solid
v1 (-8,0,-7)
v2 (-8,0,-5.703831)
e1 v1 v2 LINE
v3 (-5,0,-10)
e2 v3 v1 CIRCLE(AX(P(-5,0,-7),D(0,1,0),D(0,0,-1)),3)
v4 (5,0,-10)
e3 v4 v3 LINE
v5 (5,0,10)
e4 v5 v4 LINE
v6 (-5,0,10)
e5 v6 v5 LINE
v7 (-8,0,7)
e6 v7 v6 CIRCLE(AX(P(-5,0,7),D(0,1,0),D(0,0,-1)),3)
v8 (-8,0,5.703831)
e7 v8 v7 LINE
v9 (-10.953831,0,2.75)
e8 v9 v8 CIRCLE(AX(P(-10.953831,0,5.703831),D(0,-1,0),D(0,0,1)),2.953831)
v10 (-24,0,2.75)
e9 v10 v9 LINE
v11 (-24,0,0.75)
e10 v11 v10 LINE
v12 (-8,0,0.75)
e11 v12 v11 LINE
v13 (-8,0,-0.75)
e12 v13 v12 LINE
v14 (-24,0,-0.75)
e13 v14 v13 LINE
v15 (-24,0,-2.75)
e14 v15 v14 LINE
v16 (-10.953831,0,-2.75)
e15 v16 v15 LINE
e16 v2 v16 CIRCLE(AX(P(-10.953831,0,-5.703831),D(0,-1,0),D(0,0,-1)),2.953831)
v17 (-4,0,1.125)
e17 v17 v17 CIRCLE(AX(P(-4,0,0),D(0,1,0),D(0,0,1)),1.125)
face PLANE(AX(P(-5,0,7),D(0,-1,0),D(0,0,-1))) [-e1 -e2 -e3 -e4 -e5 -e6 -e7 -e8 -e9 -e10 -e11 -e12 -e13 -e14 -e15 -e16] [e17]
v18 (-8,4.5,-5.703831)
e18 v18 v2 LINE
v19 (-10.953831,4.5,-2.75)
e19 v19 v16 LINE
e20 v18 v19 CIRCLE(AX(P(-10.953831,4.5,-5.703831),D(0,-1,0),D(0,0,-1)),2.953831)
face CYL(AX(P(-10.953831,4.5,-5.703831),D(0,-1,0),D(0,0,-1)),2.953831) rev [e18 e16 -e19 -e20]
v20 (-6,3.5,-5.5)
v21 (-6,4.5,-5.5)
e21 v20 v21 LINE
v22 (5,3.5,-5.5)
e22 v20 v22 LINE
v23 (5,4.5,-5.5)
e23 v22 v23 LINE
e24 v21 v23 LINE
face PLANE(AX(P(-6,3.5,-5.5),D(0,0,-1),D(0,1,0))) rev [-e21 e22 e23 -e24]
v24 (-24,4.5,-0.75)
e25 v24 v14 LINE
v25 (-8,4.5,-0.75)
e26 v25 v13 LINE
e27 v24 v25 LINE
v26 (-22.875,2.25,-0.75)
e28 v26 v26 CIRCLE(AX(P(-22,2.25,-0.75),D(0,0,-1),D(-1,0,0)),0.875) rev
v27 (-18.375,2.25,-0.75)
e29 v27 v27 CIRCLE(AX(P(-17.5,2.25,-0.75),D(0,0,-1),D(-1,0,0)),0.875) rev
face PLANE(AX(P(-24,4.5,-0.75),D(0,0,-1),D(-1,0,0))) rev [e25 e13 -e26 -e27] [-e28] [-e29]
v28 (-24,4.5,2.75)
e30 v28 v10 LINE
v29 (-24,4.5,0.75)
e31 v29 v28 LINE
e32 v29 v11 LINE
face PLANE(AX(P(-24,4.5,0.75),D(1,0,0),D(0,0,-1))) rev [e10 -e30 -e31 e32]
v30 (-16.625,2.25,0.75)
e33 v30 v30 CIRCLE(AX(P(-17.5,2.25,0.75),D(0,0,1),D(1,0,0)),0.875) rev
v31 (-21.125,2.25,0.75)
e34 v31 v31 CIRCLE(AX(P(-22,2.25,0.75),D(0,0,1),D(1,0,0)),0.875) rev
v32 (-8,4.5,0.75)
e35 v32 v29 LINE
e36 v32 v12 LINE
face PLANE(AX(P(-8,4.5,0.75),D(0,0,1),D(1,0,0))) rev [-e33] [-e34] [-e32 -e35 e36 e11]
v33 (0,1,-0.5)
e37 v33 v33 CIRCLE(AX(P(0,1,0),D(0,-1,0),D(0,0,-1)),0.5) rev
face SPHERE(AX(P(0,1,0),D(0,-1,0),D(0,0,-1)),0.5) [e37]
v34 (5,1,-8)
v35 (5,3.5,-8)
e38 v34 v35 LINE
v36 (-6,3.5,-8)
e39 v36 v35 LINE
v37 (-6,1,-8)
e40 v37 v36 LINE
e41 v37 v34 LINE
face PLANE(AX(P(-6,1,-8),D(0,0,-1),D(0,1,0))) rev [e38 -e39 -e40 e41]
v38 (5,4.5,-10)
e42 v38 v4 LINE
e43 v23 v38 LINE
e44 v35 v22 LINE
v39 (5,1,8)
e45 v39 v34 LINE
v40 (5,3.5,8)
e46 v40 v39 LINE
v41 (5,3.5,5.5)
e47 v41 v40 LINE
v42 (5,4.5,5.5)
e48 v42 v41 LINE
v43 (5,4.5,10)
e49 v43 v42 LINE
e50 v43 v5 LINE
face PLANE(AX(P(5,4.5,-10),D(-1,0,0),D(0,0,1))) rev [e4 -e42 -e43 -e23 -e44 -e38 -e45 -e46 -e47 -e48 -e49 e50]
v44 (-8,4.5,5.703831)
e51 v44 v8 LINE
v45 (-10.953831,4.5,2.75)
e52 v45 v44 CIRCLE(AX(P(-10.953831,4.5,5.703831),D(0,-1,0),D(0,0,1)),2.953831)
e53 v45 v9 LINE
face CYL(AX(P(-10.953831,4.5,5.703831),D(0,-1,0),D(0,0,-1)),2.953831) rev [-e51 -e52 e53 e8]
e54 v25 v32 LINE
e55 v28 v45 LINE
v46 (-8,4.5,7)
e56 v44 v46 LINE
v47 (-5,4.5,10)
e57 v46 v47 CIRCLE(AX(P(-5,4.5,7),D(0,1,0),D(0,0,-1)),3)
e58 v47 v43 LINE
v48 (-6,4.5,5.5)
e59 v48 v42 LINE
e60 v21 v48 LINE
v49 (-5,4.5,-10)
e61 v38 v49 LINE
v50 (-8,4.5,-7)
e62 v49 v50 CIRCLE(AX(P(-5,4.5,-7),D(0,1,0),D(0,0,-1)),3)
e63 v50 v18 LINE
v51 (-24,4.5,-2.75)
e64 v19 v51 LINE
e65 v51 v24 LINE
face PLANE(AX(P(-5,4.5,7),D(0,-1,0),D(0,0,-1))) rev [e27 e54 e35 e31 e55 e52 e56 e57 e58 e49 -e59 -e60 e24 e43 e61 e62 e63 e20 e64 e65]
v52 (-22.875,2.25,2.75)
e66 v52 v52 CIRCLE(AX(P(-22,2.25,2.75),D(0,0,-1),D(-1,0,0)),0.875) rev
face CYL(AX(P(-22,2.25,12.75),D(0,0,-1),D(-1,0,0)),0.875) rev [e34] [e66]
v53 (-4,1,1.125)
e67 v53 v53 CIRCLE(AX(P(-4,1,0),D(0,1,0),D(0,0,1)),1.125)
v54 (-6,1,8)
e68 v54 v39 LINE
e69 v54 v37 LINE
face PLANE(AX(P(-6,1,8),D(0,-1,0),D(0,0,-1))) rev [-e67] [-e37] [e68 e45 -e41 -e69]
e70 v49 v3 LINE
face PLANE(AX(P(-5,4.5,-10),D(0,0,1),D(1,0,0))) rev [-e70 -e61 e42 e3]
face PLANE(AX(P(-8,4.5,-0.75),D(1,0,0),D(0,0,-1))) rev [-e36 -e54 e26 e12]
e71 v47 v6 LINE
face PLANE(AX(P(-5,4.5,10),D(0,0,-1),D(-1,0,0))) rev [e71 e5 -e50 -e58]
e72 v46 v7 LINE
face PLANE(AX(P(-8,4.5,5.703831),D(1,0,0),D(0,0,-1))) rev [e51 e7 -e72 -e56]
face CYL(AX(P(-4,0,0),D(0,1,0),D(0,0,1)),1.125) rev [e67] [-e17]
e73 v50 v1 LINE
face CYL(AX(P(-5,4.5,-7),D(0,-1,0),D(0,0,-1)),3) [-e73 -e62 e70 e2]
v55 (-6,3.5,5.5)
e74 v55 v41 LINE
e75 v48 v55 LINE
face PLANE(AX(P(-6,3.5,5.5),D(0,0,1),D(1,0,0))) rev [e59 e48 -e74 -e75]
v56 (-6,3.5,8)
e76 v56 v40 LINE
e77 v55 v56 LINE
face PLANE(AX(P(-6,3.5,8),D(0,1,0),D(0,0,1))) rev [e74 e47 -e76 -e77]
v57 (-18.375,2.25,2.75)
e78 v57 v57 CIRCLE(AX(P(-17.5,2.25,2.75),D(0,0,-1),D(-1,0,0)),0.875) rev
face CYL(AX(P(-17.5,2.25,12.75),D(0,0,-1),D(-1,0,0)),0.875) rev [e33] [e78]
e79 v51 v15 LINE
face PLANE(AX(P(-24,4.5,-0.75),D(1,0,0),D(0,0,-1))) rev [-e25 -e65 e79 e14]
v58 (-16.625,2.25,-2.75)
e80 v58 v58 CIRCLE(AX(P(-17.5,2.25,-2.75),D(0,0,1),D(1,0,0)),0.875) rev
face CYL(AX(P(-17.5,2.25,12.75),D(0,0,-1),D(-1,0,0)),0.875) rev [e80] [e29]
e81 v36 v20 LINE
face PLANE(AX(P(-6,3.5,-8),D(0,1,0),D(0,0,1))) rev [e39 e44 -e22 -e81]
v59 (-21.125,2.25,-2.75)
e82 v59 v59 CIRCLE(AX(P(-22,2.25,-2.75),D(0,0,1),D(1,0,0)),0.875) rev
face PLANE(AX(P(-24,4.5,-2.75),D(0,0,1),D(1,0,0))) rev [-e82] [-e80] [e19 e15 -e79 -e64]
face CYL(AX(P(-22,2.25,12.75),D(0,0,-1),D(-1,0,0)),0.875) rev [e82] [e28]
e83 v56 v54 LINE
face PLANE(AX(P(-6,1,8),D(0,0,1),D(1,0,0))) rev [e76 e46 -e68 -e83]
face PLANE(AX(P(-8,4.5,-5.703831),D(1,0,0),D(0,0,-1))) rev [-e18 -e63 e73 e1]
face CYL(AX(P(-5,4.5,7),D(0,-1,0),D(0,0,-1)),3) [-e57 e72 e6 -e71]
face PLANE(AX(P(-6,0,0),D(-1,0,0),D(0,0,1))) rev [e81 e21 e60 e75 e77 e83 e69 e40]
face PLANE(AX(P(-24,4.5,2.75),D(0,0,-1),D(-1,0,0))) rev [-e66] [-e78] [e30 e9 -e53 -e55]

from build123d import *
from build123d.topology import SkipClean

# Parameters (mm, degrees)
SALIENTE_EXTRUIR1_DEPTH    = 4.5
CORTAR_EXTRUIR4_DEPTH      = 10
CORTAR_EXTRUIR4_DEPTH_BACK = 28.546551508
CROQUIS7_R                 = 0.875
CORTAR_EXTRUIR5_DEPTH      = 11
CROQUIS9_R                 = 1.125
CORTAR_EXTRUIR6_DEPTH      = 27.234519245


with BuildPart() as part:
    # Croquis1 → Saliente-Extruir1 (new body)
    with BuildSketch(Plane(origin=(0, 0, 0), x_dir=(1, 0, 0), z_dir=(0, 1, 0))):
        with BuildLine():
            Line((-5, -10), (5, -10))
            Line((5, -10), (5, 10))
            Line((5, 10), (-5, 10))
            ThreePointArc((-5, 10), (-7.121320344, 9.121320344), (-8, 7))
            Line((-8, 7), (-8, 5.703831235))
            ThreePointArc((-8, 5.703831235), (-8.865157138, 3.615157138), (-10.953831235, 2.75))
            Line((-10.953831235, 2.75), (-24, 2.75))
            Line((-24, 2.75), (-24, 0.75))
            Line((-24, 0.75), (-8, 0.75))
            Line((-8, 0.75), (-8, -0.75))
            Line((-8, -0.75), (-24, -0.75))
            Line((-24, -0.75), (-24, -2.75))
            Line((-24, -2.75), (-10.953831235, -2.75))
            ThreePointArc((-10.953831235, -2.75), (-8.865157138, -3.615157138), (-8, -5.703831235))
            Line((-8, -5.703831235), (-8, -7))
            ThreePointArc((-8, -7), (-7.121320344, -9.121320344), (-5, -10))
        make_face()
    extrude(amount=SALIENTE_EXTRUIR1_DEPTH)

    # Croquis7 → Cortar-Extruir4 (cut, two sides: drawn at the far end of the back side and taken through both)
    with BuildSketch(Plane.XY.offset(2.75).offset(-CORTAR_EXTRUIR4_DEPTH_BACK)):
        with Locations(Location((-22, 2.25, 0), (0, 0, 180))):
            Circle(CROQUIS7_R)
        with Locations(Location((-17.5, 2.25, 0), (0, 0, 180))):
            Circle(CROQUIS7_R)
    extrude(amount=CORTAR_EXTRUIR4_DEPTH + CORTAR_EXTRUIR4_DEPTH_BACK, mode=Mode.SUBTRACT)

    # Croquis8 → Cortar-Extruir5 (cut)
    with BuildSketch(Plane(origin=(5, 0, 0), x_dir=(0, 0, -1), z_dir=(1, 0, 0))):
        Polygon((-8, 1), (8, 1), (8, 3.5), (5.5, 3.5), (5.5, 4.5), (-5.5, 4.5), (-5.5, 3.5), (-8, 3.5), align=None)
    extrude(amount=-CORTAR_EXTRUIR5_DEPTH, mode=Mode.SUBTRACT)

    # Croquis9 → Cortar-Extruir6 (cut, through all)
    with BuildSketch(Plane(origin=(0, 1, 0), x_dir=(1, 0, 0), z_dir=(0, 1, 0))):
        with Locations(Location((-4, 0, 0), (0, 0, 270))):
            Circle(CROQUIS9_R)
    extrude(amount=-CORTAR_EXTRUIR6_DEPTH, mode=Mode.SUBTRACT)

    # Croquis11 → Revolución2 (revolve)
    with SkipClean():  # the faces are left unmerged after this step: merging them gives an invalid solid
        with BuildSketch(Plane(origin=(0, 0, 0), x_dir=(0, 0, -1), z_dir=(1, 0, 0))):
            with BuildLine():
                Line((-0.5, 1), (0.5, 1))
                ThreePointArc((0.5, 1), (0, 1.5), (-0.5, 1))
            make_face()
        revolve(axis=Axis((0, 1, 0.5), (0, 0, -1)))


solid = part.part
